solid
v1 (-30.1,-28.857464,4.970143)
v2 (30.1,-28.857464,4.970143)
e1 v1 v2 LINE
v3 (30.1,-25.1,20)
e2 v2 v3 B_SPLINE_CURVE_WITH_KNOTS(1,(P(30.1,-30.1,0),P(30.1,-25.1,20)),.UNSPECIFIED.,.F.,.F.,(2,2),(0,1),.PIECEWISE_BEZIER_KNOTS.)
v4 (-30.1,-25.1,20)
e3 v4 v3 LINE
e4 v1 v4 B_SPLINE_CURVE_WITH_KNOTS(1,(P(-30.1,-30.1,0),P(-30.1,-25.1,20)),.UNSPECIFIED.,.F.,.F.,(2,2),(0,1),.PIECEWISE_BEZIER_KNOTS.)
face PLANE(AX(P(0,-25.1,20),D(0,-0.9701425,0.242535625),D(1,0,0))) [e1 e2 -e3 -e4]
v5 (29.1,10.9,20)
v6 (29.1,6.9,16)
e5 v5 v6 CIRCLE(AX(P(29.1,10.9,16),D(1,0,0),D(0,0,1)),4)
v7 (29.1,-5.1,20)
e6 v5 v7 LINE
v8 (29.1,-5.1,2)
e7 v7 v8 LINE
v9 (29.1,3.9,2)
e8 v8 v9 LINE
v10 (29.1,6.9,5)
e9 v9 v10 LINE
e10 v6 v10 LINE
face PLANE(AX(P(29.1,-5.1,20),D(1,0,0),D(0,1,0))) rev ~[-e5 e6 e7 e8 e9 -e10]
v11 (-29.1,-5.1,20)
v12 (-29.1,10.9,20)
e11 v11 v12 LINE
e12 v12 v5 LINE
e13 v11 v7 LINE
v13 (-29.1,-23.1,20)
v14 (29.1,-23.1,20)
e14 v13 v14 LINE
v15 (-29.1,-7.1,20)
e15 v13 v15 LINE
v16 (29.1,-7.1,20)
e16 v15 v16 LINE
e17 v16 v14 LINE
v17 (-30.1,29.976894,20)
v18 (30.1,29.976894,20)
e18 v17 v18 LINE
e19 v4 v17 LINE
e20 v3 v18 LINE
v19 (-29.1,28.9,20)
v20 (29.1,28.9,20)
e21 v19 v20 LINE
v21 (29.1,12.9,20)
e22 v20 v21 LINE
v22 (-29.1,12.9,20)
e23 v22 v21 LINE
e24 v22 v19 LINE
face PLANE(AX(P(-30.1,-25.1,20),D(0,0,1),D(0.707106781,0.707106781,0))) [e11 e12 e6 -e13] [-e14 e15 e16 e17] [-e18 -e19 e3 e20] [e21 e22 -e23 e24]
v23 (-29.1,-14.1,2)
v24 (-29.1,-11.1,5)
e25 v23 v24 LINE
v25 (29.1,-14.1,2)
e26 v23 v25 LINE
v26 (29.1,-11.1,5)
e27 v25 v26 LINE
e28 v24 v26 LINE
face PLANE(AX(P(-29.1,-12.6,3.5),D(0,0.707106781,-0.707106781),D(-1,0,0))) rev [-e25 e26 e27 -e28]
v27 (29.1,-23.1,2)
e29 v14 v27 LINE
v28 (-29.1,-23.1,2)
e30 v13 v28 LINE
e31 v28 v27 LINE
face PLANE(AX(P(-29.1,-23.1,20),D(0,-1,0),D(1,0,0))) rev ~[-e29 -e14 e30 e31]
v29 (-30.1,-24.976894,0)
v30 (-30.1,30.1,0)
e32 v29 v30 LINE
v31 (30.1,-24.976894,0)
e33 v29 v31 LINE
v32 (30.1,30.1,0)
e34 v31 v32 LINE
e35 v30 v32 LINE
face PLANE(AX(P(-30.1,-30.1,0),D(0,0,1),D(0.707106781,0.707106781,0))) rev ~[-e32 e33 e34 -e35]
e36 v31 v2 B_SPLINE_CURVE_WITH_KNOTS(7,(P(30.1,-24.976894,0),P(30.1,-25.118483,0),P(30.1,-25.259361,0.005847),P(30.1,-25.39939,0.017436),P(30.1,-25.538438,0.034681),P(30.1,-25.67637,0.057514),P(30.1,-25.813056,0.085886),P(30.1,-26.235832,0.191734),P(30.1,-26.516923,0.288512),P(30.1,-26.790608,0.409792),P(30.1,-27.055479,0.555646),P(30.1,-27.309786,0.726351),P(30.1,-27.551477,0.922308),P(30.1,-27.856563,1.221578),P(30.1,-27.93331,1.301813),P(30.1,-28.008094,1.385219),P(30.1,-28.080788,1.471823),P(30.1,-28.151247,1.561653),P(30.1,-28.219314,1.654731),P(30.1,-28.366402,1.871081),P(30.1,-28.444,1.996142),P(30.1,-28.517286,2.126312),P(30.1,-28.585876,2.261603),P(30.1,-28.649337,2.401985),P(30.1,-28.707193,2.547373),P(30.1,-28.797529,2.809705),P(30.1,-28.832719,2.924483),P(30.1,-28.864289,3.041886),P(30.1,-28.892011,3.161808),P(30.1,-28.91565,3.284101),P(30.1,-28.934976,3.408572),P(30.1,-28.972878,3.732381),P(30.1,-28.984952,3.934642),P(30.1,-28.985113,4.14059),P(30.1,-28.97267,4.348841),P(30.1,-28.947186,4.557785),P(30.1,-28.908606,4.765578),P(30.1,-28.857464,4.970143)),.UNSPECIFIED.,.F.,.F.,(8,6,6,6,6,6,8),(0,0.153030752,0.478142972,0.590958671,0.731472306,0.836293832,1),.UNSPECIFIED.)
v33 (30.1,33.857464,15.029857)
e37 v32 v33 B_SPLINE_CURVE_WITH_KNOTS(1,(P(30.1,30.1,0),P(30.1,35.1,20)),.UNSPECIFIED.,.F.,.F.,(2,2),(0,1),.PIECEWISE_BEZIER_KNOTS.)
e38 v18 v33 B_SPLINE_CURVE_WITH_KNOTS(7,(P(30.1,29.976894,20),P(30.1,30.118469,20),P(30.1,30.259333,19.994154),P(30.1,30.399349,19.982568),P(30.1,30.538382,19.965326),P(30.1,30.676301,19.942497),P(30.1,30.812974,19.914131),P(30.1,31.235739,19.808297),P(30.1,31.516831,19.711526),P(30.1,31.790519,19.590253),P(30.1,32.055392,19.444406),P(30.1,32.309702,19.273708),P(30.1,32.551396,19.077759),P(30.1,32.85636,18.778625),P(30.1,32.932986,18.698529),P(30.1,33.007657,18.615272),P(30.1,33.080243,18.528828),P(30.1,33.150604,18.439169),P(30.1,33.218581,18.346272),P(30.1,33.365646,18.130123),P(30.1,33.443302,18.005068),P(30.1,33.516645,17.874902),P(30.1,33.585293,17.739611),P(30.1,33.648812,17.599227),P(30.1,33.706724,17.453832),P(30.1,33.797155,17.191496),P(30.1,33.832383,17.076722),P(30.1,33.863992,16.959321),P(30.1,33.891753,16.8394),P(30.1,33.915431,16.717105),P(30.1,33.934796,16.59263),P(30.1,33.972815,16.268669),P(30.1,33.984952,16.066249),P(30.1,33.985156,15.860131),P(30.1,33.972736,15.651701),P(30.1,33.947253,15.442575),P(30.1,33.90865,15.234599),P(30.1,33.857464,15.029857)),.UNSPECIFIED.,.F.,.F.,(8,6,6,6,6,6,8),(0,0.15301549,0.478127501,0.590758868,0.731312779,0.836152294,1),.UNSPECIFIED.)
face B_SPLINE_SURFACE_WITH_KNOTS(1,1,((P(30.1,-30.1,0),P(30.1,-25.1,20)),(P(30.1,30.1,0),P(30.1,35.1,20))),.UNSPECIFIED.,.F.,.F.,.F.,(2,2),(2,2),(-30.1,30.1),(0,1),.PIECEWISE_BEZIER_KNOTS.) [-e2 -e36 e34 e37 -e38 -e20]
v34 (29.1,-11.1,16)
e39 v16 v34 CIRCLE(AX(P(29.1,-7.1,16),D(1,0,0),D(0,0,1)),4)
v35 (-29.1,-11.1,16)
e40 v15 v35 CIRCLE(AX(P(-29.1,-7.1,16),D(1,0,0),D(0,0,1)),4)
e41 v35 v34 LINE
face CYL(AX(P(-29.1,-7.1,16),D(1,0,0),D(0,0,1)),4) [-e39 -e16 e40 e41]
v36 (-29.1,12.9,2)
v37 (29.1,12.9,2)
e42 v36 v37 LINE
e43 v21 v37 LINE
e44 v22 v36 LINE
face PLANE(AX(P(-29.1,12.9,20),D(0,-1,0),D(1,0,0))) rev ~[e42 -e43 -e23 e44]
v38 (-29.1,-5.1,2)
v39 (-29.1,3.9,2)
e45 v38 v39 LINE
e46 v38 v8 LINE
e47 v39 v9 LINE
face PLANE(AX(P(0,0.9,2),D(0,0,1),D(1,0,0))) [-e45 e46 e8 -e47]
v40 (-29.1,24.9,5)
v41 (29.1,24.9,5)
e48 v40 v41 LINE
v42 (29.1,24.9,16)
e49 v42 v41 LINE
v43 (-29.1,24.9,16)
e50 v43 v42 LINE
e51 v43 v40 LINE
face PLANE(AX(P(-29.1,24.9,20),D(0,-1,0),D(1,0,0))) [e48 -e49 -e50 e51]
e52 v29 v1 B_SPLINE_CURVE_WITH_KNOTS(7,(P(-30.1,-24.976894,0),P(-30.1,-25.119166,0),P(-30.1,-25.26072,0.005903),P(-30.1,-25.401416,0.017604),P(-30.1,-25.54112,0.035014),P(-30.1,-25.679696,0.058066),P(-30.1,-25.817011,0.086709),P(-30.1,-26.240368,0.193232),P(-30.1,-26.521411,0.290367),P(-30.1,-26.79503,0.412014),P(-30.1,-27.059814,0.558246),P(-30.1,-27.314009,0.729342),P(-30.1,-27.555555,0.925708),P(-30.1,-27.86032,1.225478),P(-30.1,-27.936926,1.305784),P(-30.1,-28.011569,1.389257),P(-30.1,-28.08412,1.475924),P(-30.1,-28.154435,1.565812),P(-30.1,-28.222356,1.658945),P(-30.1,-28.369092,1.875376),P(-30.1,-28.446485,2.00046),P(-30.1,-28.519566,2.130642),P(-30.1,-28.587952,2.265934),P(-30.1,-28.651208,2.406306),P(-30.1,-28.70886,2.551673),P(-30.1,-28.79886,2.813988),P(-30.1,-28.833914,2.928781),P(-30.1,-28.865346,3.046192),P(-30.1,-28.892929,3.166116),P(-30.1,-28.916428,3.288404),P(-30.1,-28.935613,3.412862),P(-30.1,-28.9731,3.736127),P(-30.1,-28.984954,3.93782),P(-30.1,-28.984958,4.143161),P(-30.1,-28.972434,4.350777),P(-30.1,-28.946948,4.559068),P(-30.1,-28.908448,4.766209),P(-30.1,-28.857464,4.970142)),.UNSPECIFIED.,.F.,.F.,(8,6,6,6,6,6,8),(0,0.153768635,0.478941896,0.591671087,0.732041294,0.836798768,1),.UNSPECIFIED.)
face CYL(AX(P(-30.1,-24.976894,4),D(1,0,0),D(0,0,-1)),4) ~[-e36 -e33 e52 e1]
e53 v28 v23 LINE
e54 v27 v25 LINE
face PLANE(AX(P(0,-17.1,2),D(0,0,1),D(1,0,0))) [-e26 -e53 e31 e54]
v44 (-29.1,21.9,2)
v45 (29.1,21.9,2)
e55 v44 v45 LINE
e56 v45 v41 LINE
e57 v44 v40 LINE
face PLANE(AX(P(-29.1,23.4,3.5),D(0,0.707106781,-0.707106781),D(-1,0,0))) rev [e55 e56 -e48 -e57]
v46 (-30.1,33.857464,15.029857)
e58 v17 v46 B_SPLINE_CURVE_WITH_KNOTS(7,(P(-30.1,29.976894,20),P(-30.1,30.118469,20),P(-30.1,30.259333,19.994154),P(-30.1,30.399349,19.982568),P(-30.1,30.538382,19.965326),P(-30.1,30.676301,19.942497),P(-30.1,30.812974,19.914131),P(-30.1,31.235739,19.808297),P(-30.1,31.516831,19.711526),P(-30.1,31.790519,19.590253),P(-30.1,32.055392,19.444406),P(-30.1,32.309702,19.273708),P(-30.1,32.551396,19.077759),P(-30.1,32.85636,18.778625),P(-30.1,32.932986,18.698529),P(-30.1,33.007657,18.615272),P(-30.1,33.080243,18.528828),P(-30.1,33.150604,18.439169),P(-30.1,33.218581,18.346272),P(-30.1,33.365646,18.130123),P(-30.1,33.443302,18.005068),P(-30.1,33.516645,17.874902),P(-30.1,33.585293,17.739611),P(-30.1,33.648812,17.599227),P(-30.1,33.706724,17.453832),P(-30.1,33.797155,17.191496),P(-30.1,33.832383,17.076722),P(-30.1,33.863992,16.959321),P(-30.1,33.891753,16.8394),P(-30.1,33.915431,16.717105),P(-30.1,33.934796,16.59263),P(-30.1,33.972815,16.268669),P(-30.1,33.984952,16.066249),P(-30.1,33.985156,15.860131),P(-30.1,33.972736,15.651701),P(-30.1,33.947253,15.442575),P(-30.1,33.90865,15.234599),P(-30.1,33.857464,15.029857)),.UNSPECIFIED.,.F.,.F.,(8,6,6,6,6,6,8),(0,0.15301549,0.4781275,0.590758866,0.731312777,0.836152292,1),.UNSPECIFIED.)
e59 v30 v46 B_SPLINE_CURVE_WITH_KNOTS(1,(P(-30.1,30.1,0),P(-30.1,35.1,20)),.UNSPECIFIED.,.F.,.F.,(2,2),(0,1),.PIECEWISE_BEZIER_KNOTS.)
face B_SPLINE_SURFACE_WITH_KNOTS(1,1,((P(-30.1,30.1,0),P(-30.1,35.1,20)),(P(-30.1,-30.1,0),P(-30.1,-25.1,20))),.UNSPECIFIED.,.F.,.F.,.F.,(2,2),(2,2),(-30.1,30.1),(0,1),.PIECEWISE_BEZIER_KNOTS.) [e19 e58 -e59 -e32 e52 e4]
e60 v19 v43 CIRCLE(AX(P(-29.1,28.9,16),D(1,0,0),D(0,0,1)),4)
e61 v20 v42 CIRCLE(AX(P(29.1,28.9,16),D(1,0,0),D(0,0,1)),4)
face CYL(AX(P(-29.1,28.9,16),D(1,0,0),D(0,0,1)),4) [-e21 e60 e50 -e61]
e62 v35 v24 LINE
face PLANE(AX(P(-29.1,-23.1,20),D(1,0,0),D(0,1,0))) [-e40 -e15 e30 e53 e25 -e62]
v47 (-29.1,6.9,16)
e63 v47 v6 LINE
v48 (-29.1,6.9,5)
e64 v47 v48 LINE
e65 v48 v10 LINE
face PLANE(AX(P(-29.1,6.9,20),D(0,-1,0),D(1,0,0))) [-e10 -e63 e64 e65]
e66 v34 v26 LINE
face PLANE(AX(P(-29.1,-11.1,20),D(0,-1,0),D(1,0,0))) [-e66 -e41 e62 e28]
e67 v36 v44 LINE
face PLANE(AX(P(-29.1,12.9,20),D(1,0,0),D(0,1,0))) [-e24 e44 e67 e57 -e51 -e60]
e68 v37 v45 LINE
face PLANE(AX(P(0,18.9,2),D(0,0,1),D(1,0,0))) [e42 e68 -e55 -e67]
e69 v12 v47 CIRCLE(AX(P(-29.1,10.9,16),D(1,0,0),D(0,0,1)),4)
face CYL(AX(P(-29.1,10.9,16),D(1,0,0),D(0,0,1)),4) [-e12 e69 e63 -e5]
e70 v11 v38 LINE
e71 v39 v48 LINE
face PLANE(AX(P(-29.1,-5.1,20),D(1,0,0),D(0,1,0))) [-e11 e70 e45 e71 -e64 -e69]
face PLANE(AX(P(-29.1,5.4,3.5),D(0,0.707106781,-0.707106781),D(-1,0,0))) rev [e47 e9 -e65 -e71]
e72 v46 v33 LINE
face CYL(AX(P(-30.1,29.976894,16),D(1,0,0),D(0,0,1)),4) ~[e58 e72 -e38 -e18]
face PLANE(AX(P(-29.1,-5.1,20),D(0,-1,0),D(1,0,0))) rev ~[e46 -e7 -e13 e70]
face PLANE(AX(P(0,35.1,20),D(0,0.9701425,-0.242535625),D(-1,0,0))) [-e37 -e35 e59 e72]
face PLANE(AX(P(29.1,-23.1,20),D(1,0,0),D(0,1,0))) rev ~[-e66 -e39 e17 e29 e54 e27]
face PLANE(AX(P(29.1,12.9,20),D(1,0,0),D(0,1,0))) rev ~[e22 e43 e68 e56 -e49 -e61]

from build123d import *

# Parameters (mm, degrees)
F0_W     = 60.2
F0_H     = 60.2
F2_W     = 60.2
F2_H     = 60.2
F4_W     = 58.2
F4_H     = 12
F5_DEPTH = 18
F6_R     = 4
F7_SIZE  = 3


with BuildPart() as f3:
    # F0 (on Top) → F3 section 0
    with BuildSketch(Plane.XY):
        Rectangle(F0_W, F0_H)
    # F2 (on offset) → F3 section 1
    with BuildSketch(Plane.XY.offset(20)):
        with Locations((0, 5)):
            Rectangle(F2_W, F2_H)
    loft()

    # F4 (on face) → F5 (cut)
    with BuildSketch(Plane.XY.offset(20)):
        with Locations((0, -17.1)):
            Rectangle(F4_W, F4_H)
        with Locations((0, 0.9)):
            Rectangle(F4_W, F4_H)
        with Locations((0, 18.9)):
            Rectangle(F4_W, F4_H)
    extrude(amount=-F5_DEPTH, mode=Mode.SUBTRACT)

    # F6
    f6_edges = [f3.edges().sort_by_distance(p)[0] for p in [
        (0, -30.1, 0),
        (0, 35.1, 20),
        (0, -11.1, 20),
        (0, 6.9, 20),
        (0, 24.9, 20),
    ]]
    fillet(f6_edges, radius=F6_R)

    # F7
    f7_edges = [f3.edges().sort_by_distance(p)[0] for p in [
        (0, 24.9, 2),
        (0, 6.9, 2),
        (0, -11.1, 2),
    ]]
    chamfer(f7_edges, length=F7_SIZE)


solid = f3.part
